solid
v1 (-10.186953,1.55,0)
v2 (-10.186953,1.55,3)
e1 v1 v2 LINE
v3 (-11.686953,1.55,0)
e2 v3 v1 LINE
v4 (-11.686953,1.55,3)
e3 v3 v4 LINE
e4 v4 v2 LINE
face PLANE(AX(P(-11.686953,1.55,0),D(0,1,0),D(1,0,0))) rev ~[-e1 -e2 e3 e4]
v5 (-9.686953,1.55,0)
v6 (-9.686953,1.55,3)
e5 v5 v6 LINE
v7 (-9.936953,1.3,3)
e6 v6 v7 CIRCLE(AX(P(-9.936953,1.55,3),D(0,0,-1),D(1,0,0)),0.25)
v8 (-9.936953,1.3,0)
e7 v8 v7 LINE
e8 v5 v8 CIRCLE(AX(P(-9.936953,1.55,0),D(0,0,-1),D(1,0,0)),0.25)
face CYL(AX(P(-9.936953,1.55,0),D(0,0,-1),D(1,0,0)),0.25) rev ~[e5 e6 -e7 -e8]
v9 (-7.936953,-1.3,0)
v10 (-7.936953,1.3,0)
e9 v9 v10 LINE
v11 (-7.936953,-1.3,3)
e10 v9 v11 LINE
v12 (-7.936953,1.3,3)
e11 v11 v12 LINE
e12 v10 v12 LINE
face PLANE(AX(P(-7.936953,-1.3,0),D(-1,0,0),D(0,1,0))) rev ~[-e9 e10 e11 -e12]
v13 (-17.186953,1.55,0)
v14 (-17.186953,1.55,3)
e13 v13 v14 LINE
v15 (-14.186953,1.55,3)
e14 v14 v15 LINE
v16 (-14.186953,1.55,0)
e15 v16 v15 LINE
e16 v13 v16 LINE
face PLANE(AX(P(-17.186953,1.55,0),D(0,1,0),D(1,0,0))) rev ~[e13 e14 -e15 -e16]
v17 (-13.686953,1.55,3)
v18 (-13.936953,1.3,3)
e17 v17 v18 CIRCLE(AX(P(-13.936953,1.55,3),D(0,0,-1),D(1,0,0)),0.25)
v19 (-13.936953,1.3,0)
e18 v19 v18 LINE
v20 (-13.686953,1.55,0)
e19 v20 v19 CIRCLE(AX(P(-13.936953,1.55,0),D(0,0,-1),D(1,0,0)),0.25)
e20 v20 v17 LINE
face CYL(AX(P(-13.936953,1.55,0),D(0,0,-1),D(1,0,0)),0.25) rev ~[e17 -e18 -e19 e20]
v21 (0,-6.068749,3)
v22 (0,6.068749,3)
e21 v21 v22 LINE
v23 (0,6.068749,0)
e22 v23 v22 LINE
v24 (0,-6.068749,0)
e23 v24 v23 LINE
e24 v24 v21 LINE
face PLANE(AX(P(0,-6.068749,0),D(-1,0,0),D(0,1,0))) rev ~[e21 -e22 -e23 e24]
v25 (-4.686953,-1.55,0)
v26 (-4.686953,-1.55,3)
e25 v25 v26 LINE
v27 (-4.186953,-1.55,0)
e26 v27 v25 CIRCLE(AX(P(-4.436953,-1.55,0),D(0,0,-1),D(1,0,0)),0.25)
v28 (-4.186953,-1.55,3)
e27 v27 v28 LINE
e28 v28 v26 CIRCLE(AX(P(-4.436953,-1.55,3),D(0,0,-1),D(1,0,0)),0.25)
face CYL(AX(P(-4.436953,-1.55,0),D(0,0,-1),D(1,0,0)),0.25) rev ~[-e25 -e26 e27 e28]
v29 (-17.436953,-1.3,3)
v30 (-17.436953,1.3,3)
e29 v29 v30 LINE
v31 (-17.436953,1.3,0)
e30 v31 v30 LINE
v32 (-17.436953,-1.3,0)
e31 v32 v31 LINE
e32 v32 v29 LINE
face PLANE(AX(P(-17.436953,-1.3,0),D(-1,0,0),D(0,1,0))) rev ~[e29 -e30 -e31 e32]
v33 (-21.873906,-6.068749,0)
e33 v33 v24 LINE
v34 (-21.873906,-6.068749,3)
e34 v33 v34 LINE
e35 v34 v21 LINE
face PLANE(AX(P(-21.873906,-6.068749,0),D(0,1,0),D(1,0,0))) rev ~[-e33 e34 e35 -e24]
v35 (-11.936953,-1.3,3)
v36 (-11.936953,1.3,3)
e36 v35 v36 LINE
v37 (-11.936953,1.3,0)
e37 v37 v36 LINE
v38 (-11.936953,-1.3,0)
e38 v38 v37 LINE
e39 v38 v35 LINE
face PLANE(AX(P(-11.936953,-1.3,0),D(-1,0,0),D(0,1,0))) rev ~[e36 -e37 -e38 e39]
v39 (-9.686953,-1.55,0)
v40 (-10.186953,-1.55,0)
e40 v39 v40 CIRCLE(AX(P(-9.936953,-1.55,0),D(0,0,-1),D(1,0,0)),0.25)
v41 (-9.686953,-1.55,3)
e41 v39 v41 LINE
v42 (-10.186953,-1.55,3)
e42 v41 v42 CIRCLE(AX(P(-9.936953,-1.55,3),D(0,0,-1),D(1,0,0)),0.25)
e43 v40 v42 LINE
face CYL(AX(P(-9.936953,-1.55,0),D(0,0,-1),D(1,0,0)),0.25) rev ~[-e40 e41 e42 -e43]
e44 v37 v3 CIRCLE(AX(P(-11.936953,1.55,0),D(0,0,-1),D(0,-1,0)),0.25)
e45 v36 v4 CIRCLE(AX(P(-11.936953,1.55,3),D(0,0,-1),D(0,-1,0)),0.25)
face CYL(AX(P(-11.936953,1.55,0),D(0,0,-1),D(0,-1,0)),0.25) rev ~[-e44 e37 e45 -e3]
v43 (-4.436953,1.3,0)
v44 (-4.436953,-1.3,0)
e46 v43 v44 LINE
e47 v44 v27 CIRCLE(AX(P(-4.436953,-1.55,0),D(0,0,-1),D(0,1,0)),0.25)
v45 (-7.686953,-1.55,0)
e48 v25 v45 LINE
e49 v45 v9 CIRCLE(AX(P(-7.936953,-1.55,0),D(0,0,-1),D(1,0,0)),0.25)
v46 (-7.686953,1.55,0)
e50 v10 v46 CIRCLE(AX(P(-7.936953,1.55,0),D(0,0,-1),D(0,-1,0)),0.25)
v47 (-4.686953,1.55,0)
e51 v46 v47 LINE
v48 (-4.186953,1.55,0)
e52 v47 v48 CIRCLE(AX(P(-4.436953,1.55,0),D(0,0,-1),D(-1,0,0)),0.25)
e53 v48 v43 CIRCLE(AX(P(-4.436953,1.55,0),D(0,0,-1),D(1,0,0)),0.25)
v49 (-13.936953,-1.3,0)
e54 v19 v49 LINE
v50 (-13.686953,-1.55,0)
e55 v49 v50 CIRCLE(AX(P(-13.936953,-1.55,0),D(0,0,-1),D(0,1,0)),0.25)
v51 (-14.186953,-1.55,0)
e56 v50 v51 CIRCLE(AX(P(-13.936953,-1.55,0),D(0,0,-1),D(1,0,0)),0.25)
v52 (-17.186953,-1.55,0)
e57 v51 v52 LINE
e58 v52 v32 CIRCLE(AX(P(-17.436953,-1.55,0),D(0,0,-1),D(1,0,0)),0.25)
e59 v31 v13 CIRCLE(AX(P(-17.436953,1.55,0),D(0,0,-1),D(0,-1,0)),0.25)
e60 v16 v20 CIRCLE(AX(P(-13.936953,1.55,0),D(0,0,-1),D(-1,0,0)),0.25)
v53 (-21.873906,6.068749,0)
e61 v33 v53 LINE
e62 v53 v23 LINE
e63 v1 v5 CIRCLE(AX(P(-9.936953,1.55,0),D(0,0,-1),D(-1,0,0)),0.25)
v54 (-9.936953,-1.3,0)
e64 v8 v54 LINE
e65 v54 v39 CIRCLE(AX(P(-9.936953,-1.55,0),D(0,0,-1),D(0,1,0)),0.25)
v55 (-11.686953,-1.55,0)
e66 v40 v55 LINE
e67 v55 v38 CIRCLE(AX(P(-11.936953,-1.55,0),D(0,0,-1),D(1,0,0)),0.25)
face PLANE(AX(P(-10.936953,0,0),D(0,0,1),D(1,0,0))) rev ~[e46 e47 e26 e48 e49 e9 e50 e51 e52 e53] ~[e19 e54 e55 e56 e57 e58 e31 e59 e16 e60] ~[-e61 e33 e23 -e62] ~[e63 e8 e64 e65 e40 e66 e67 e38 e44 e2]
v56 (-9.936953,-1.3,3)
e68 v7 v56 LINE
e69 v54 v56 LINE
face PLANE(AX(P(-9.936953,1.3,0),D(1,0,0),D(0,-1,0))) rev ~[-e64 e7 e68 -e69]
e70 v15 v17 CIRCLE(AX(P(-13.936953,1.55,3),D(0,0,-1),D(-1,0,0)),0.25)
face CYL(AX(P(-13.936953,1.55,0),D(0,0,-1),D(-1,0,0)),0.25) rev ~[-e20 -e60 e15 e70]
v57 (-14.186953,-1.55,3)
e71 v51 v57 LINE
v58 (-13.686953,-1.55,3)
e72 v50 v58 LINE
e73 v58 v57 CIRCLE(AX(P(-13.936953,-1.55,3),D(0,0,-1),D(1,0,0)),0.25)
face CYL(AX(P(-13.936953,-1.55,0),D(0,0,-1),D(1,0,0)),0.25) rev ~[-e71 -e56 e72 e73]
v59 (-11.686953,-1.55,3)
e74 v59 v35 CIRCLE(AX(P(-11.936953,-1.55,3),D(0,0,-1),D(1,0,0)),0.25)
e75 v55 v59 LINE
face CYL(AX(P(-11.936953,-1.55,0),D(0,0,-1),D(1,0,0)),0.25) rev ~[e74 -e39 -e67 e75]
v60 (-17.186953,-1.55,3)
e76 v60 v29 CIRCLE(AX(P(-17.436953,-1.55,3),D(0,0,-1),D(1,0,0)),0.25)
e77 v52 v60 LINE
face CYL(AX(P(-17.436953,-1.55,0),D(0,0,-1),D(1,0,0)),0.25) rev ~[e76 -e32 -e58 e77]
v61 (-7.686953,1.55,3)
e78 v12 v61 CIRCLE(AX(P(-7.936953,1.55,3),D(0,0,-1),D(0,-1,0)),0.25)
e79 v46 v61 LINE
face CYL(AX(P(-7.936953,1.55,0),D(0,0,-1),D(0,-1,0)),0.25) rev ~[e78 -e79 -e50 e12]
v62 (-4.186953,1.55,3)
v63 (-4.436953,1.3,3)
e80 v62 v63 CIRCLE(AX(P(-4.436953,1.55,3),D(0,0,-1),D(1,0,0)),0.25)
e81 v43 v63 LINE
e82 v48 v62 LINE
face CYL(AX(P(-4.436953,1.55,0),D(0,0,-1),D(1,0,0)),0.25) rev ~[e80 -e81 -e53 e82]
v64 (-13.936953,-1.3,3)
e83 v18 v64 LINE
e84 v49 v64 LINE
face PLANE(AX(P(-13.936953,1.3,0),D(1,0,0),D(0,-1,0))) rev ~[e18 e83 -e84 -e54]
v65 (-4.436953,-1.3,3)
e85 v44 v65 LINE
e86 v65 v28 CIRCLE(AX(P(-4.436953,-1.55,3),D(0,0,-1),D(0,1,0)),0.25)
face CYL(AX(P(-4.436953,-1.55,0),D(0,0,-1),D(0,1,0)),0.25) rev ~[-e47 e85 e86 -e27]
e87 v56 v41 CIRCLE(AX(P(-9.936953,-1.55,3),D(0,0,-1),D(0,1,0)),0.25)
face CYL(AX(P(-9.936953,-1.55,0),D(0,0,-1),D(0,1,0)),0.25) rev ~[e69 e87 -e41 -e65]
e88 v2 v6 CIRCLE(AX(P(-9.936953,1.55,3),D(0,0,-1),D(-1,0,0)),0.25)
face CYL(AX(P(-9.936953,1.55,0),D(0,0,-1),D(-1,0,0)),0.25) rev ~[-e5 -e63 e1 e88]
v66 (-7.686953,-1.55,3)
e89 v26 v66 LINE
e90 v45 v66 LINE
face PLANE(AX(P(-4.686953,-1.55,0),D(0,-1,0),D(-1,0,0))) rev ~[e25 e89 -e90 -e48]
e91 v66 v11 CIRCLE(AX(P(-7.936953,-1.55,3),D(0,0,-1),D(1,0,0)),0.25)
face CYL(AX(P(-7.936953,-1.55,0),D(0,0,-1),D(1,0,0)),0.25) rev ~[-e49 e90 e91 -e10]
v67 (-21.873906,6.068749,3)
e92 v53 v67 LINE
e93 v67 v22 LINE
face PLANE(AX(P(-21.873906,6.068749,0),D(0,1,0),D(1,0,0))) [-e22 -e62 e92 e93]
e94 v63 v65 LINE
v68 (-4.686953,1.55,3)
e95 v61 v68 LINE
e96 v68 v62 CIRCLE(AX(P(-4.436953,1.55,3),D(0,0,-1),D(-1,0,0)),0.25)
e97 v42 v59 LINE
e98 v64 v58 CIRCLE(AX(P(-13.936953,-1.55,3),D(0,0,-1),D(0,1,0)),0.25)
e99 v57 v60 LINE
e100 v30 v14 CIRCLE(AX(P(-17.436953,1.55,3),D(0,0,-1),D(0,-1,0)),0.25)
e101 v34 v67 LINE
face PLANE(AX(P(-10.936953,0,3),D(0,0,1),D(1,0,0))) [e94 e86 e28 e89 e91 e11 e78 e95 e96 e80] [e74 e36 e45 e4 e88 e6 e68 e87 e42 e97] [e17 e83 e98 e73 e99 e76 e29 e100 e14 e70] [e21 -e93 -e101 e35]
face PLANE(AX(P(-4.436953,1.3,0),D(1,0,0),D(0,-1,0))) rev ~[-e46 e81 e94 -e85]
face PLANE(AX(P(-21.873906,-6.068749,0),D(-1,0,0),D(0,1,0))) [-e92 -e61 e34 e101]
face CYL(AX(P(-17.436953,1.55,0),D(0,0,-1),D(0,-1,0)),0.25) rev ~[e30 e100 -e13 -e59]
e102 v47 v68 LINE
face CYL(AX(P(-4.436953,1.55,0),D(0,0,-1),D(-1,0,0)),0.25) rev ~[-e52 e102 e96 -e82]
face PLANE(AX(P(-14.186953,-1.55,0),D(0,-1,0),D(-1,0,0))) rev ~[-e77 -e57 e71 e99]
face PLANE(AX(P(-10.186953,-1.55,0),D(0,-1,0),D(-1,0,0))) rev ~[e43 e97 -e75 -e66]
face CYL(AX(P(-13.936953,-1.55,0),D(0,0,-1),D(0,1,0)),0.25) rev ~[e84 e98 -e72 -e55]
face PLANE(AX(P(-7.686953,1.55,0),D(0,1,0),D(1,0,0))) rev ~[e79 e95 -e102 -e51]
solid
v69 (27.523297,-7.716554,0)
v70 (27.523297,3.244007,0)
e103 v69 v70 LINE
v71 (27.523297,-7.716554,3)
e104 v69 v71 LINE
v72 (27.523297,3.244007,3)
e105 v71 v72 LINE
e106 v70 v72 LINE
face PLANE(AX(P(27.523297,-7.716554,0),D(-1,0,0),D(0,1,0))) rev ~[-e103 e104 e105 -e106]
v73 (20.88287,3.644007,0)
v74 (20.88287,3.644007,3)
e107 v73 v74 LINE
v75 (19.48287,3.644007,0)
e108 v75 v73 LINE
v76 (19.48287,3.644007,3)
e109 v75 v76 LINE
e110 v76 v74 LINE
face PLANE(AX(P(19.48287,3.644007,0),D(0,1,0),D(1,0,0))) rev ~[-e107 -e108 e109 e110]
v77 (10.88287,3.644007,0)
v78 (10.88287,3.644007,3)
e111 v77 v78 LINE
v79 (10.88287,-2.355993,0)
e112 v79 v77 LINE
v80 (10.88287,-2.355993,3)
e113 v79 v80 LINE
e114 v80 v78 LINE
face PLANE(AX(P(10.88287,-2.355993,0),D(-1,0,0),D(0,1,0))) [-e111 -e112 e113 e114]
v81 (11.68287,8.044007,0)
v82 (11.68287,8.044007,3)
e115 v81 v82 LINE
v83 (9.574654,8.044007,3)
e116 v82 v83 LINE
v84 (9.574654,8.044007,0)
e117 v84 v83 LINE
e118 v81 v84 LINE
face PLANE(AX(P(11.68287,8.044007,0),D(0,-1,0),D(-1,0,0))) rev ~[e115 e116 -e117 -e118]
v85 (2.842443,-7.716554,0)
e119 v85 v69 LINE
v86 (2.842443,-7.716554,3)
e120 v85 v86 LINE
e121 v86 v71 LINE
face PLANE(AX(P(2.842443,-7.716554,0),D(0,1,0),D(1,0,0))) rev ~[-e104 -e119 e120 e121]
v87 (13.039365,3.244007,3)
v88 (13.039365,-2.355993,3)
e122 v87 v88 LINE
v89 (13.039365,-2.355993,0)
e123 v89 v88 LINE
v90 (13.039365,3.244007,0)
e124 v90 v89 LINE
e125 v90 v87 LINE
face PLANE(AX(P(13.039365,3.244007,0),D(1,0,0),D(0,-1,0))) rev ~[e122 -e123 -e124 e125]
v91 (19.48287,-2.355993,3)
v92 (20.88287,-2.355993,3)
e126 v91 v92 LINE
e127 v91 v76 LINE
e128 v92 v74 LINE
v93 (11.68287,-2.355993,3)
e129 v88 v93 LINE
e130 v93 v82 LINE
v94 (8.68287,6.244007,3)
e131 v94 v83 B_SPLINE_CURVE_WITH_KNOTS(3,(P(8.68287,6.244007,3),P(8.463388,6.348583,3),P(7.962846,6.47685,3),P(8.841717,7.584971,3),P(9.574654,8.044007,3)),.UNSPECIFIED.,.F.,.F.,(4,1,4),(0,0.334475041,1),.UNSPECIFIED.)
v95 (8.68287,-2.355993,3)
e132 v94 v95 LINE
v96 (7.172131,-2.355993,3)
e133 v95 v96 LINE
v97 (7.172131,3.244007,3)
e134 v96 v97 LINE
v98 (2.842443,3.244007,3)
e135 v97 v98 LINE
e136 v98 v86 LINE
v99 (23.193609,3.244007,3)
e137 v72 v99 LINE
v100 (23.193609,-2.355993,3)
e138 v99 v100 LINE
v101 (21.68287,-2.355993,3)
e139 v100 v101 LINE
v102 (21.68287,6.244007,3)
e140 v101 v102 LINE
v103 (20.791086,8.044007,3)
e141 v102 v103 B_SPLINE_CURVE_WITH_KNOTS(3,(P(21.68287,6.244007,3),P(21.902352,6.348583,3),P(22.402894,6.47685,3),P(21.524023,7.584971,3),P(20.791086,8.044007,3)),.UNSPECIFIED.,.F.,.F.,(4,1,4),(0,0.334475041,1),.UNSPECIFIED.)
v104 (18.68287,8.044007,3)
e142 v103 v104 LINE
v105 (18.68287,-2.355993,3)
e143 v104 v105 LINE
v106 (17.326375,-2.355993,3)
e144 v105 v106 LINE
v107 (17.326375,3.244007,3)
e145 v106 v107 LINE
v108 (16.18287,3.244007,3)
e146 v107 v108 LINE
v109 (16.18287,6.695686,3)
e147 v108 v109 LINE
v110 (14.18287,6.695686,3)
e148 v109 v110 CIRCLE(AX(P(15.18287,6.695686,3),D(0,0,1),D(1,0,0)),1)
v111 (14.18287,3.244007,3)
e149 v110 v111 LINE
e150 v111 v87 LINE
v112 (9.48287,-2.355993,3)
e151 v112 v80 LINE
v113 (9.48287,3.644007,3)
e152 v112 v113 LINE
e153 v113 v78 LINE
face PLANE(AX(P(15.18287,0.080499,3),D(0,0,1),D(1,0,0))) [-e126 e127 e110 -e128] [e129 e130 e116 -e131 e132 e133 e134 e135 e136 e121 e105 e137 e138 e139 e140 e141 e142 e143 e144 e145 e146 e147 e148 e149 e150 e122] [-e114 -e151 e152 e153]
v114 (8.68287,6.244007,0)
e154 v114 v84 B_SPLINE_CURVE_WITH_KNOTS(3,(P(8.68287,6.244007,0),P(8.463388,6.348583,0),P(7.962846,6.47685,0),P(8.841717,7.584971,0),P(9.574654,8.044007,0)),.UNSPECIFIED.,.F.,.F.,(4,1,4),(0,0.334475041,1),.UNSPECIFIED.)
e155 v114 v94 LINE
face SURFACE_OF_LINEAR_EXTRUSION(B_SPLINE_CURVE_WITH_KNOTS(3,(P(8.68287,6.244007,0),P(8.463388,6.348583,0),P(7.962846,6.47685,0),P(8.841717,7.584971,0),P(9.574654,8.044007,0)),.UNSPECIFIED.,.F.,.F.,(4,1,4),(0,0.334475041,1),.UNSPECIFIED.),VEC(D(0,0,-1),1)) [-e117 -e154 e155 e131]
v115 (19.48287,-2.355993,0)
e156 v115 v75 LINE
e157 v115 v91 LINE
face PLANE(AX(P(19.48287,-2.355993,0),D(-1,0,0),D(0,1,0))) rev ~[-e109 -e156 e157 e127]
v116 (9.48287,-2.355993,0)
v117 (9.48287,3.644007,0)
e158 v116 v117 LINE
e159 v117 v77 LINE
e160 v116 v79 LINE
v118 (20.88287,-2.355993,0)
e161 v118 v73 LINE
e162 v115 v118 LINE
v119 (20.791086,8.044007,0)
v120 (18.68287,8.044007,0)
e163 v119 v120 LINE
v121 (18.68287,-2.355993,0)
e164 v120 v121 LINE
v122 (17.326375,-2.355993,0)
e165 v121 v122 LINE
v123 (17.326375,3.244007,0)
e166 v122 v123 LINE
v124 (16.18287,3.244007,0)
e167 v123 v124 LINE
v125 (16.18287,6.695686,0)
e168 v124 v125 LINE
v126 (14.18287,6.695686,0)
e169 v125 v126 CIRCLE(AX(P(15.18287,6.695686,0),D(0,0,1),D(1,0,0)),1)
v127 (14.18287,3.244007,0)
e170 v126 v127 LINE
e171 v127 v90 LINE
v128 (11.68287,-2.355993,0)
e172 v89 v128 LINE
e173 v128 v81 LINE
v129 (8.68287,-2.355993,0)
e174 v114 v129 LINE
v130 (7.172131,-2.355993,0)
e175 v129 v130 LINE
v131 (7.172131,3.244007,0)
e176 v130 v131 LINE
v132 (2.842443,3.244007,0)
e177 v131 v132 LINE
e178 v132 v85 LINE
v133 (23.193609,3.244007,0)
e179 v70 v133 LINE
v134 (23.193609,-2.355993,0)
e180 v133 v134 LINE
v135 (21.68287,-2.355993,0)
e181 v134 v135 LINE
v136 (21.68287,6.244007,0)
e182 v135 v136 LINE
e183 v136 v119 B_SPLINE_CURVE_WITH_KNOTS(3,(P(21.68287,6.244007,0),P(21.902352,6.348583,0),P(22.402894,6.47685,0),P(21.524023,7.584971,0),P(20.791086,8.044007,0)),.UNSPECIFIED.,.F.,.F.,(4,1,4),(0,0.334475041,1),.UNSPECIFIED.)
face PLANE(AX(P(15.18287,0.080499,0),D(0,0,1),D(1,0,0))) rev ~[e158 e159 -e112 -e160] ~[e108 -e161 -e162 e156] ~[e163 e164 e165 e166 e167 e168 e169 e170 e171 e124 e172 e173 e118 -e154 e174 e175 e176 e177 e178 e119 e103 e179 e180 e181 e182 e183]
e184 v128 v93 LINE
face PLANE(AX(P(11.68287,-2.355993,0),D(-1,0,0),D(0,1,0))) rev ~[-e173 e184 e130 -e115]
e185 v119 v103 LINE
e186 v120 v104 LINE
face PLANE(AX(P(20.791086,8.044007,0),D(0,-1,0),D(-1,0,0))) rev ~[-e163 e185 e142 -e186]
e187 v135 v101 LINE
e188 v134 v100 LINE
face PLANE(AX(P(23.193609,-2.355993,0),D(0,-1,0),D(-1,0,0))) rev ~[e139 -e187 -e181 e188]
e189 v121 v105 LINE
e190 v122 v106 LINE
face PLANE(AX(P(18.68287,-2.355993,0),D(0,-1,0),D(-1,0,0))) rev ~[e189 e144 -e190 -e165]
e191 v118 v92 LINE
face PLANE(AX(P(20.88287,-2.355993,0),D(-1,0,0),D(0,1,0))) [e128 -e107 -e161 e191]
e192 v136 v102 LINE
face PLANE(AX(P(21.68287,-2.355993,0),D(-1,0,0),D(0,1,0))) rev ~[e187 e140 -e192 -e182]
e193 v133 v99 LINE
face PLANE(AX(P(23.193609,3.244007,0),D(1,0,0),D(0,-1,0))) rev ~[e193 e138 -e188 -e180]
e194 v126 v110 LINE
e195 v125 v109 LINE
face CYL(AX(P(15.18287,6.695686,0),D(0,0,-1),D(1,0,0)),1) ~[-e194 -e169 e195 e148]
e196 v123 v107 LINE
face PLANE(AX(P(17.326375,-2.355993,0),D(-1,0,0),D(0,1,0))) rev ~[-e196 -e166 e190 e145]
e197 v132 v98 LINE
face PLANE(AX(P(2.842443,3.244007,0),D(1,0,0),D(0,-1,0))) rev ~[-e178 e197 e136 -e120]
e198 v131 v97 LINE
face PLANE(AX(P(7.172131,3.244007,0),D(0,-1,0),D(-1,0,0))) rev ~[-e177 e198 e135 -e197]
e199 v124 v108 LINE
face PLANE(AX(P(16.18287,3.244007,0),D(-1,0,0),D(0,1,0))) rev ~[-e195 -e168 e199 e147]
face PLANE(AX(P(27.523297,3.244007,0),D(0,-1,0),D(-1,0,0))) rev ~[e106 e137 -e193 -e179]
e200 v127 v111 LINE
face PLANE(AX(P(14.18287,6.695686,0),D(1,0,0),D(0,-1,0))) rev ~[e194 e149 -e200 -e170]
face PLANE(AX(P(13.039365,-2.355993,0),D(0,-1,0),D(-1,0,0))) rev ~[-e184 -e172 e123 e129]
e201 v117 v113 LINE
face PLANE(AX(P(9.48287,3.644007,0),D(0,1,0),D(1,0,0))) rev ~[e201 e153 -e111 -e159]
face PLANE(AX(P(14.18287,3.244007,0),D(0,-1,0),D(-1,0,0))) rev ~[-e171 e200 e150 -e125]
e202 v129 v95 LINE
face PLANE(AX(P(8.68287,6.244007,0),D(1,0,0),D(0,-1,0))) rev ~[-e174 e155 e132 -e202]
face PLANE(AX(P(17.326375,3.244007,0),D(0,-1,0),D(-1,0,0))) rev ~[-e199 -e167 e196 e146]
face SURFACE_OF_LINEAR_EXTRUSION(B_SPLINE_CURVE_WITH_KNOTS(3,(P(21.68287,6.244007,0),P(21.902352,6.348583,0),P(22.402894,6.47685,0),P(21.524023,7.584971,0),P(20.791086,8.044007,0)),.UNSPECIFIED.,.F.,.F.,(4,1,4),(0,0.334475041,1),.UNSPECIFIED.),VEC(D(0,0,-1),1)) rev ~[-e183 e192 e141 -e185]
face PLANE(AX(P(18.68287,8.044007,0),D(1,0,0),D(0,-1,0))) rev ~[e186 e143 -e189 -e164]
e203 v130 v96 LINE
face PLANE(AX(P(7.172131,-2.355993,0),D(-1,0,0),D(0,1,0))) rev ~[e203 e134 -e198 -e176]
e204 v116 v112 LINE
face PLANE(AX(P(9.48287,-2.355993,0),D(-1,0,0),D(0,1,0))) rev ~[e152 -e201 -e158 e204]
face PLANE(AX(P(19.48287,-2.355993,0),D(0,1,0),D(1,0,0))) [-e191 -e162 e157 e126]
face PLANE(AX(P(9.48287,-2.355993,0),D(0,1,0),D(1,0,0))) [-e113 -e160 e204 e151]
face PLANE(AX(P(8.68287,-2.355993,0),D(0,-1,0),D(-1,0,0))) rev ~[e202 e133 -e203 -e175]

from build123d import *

# Parameters (mm, degrees)
F0_W     = 1.4
F0_H     = 6
F1_DEPTH = 3
F0_W_2   = 21.8739062548
F0_H_2   = 12.1374987066


with BuildPart() as f1:
    # F0 (on Top) → F1 (new body)
    with BuildSketch(Plane.XY):
        with BuildLine():
            Line((7.1721314453, 3.2440069731), (2.8424425345, 3.2440069731))
            Line((2.8424425345, 3.2440069731), (2.8424425345, -7.7165540472))
            Line((2.8424425345, -7.7165540472), (27.5232974655, -7.7165540472))
            Line((27.5232974655, -7.7165540472), (27.5232974655, 3.2440069731))
            Line((27.5232974655, 3.2440069731), (23.1936085547, 3.2440069731))
            Line((23.1936085547, 3.2440069731), (23.1936085547, -2.3559930269))
            Line((23.1936085547, -2.3559930269), (21.68287, -2.3559930269))
            Line((21.68287, -2.3559930269), (21.68287, 6.2440069731))
            add(Edge.make_bspline(
                [(21.68287, 6.2440069731), (21.9023524995, 6.3485828379), (22.4028940447, 6.4768500817), (21.5240228248, 7.5849713603), (20.7910864627, 8.0440069731)],
                knots=[0, 0, 0, 0, 0.3344750406, 1, 1, 1, 1], degree=3))
            Line((20.7910864626, 8.0440069731), (18.68287, 8.0440069731))
            Line((18.68287, 8.0440069731), (18.68287, -2.3559930269))
            Line((18.68287, -2.3559930269), (17.3263746899, -2.3559930269))
            Line((17.3263746899, -2.3559930269), (17.3263746899, 3.2440069731))
            Line((17.3263746899, 3.2440069731), (16.18287, 3.2440069731))
            Line((16.18287, 3.2440069731), (16.18287, 6.6956859082))
            ThreePointArc((16.18287, 6.6956859082), (15.18287, 7.6956859082), (14.18287, 6.6956859082))
            Line((14.18287, 6.6956859082), (14.18287, 3.2440069731))
            Line((14.18287, 3.2440069731), (13.0393653101, 3.2440069731))
            Line((13.0393653101, 3.2440069731), (13.0393653101, -2.3559930269))
            Line((13.0393653101, -2.3559930269), (11.68287, -2.3559930269))
            Line((11.68287, -2.3559930269), (11.68287, 8.0440069731))
            Line((11.68287, 8.0440069731), (9.5746535373, 8.0440069731))
            add(Edge.make_bspline(
                [(8.68287, 6.2440069731), (8.4633875005, 6.3485828379), (7.9628459553, 6.4768500817), (8.8417171752, 7.5849713603), (9.5746535373, 8.0440069731)],
                knots=[0, 0, 0, 0, 0.3344750406, 1, 1, 1, 1], degree=3))
            Line((8.68287, 6.2440069731), (8.68287, -2.3559930269))
            Line((8.68287, -2.3559930269), (7.1721314453, -2.3559930269))
            Line((7.1721314453, -2.3559930269), (7.1721314453, 3.2440069731))
        make_face()
        with Locations((10.18287, 0.6440069731)):
            Rectangle(F0_W, F0_H, mode=Mode.SUBTRACT)
        with Locations((20.18287, 0.6440069731)):
            Rectangle(F0_W, F0_H, mode=Mode.SUBTRACT)
    extrude(amount=F1_DEPTH)


with BuildPart() as f1b:
    # F0 (on Top) → F1, piece 2 (new body)
    with BuildSketch(Plane.XY):
        with Locations((-10.9369531274, 0)):
            Rectangle(F0_W_2, F0_H_2)
        with BuildLine():
            ThreePointArc((-17.4369531274, 1.3), (-17.6137298227, 1.7267766953), (-17.1869531274, 1.55))
            Line((-17.1869531274, 1.55), (-14.1869531274, 1.55))
            ThreePointArc((-14.1869531274, 1.55), (-13.9369531274, 1.8), (-13.6869531274, 1.55))
            ThreePointArc((-13.6869531274, 1.55), (-13.7601764321, 1.3732233047), (-13.9369531274, 1.3))
            Line((-13.9369531274, 1.3), (-13.9369531274, -1.3))
            ThreePointArc((-13.9369531274, -1.3), (-13.7601764321, -1.3732233047), (-13.6869531274, -1.55))
            ThreePointArc((-13.6869531274, -1.55), (-13.9369531274, -1.8), (-14.1869531274, -1.55))
            Line((-14.1869531274, -1.55), (-17.1869531274, -1.55))
            ThreePointArc((-17.1869531274, -1.55), (-17.6137298227, -1.7267766953), (-17.4369531274, -1.3))
            Line((-17.4369531274, -1.3), (-17.4369531274, 1.3))
        make_face(mode=Mode.SUBTRACT)
        with BuildLine():
            ThreePointArc((-11.9369531274, 1.3), (-12.1137298227, 1.7267766953), (-11.6869531274, 1.55))
            Line((-11.6869531274, 1.55), (-10.1869531274, 1.55))
            ThreePointArc((-10.1869531274, 1.55), (-9.9369531274, 1.8), (-9.6869531274, 1.55))
            ThreePointArc((-9.6869531274, 1.55), (-9.7601764321, 1.3732233047), (-9.9369531274, 1.3))
            Line((-9.9369531274, 1.3), (-9.9369531274, -1.3))
            ThreePointArc((-9.9369531274, -1.3), (-9.7601764321, -1.3732233047), (-9.6869531274, -1.55))
            ThreePointArc((-9.6869531274, -1.55), (-9.9369531274, -1.8), (-10.1869531274, -1.55))
            Line((-10.1869531274, -1.55), (-11.6869531274, -1.55))
            ThreePointArc((-11.6869531274, -1.55), (-12.1137298227, -1.7267766953), (-11.9369531274, -1.3))
            Line((-11.9369531274, -1.3), (-11.9369531274, 1.3))
        make_face(mode=Mode.SUBTRACT)
        with BuildLine():
            ThreePointArc((-7.9369531274, 1.3), (-8.1137298227, 1.7267766953), (-7.6869531274, 1.55))
            Line((-7.6869531274, 1.55), (-4.6869531274, 1.55))
            ThreePointArc((-4.6869531274, 1.55), (-4.4369531274, 1.8), (-4.1869531274, 1.55))
            ThreePointArc((-4.1869531274, 1.55), (-4.2601764321, 1.3732233047), (-4.4369531274, 1.3))
            Line((-4.4369531274, 1.3), (-4.4369531274, -1.3))
            ThreePointArc((-4.4369531274, -1.3), (-4.2601764321, -1.3732233047), (-4.1869531274, -1.55))
            ThreePointArc((-4.1869531274, -1.55), (-4.4369531274, -1.8), (-4.6869531274, -1.55))
            Line((-4.6869531274, -1.55), (-7.6869531274, -1.55))
            ThreePointArc((-7.6869531274, -1.55), (-8.1137298227, -1.7267766953), (-7.9369531274, -1.3))
            Line((-7.9369531274, -1.3), (-7.9369531274, 1.3))
        make_face(mode=Mode.SUBTRACT)
    extrude(amount=F1_DEPTH)


solid = Compound([f1.part, f1b.part])
